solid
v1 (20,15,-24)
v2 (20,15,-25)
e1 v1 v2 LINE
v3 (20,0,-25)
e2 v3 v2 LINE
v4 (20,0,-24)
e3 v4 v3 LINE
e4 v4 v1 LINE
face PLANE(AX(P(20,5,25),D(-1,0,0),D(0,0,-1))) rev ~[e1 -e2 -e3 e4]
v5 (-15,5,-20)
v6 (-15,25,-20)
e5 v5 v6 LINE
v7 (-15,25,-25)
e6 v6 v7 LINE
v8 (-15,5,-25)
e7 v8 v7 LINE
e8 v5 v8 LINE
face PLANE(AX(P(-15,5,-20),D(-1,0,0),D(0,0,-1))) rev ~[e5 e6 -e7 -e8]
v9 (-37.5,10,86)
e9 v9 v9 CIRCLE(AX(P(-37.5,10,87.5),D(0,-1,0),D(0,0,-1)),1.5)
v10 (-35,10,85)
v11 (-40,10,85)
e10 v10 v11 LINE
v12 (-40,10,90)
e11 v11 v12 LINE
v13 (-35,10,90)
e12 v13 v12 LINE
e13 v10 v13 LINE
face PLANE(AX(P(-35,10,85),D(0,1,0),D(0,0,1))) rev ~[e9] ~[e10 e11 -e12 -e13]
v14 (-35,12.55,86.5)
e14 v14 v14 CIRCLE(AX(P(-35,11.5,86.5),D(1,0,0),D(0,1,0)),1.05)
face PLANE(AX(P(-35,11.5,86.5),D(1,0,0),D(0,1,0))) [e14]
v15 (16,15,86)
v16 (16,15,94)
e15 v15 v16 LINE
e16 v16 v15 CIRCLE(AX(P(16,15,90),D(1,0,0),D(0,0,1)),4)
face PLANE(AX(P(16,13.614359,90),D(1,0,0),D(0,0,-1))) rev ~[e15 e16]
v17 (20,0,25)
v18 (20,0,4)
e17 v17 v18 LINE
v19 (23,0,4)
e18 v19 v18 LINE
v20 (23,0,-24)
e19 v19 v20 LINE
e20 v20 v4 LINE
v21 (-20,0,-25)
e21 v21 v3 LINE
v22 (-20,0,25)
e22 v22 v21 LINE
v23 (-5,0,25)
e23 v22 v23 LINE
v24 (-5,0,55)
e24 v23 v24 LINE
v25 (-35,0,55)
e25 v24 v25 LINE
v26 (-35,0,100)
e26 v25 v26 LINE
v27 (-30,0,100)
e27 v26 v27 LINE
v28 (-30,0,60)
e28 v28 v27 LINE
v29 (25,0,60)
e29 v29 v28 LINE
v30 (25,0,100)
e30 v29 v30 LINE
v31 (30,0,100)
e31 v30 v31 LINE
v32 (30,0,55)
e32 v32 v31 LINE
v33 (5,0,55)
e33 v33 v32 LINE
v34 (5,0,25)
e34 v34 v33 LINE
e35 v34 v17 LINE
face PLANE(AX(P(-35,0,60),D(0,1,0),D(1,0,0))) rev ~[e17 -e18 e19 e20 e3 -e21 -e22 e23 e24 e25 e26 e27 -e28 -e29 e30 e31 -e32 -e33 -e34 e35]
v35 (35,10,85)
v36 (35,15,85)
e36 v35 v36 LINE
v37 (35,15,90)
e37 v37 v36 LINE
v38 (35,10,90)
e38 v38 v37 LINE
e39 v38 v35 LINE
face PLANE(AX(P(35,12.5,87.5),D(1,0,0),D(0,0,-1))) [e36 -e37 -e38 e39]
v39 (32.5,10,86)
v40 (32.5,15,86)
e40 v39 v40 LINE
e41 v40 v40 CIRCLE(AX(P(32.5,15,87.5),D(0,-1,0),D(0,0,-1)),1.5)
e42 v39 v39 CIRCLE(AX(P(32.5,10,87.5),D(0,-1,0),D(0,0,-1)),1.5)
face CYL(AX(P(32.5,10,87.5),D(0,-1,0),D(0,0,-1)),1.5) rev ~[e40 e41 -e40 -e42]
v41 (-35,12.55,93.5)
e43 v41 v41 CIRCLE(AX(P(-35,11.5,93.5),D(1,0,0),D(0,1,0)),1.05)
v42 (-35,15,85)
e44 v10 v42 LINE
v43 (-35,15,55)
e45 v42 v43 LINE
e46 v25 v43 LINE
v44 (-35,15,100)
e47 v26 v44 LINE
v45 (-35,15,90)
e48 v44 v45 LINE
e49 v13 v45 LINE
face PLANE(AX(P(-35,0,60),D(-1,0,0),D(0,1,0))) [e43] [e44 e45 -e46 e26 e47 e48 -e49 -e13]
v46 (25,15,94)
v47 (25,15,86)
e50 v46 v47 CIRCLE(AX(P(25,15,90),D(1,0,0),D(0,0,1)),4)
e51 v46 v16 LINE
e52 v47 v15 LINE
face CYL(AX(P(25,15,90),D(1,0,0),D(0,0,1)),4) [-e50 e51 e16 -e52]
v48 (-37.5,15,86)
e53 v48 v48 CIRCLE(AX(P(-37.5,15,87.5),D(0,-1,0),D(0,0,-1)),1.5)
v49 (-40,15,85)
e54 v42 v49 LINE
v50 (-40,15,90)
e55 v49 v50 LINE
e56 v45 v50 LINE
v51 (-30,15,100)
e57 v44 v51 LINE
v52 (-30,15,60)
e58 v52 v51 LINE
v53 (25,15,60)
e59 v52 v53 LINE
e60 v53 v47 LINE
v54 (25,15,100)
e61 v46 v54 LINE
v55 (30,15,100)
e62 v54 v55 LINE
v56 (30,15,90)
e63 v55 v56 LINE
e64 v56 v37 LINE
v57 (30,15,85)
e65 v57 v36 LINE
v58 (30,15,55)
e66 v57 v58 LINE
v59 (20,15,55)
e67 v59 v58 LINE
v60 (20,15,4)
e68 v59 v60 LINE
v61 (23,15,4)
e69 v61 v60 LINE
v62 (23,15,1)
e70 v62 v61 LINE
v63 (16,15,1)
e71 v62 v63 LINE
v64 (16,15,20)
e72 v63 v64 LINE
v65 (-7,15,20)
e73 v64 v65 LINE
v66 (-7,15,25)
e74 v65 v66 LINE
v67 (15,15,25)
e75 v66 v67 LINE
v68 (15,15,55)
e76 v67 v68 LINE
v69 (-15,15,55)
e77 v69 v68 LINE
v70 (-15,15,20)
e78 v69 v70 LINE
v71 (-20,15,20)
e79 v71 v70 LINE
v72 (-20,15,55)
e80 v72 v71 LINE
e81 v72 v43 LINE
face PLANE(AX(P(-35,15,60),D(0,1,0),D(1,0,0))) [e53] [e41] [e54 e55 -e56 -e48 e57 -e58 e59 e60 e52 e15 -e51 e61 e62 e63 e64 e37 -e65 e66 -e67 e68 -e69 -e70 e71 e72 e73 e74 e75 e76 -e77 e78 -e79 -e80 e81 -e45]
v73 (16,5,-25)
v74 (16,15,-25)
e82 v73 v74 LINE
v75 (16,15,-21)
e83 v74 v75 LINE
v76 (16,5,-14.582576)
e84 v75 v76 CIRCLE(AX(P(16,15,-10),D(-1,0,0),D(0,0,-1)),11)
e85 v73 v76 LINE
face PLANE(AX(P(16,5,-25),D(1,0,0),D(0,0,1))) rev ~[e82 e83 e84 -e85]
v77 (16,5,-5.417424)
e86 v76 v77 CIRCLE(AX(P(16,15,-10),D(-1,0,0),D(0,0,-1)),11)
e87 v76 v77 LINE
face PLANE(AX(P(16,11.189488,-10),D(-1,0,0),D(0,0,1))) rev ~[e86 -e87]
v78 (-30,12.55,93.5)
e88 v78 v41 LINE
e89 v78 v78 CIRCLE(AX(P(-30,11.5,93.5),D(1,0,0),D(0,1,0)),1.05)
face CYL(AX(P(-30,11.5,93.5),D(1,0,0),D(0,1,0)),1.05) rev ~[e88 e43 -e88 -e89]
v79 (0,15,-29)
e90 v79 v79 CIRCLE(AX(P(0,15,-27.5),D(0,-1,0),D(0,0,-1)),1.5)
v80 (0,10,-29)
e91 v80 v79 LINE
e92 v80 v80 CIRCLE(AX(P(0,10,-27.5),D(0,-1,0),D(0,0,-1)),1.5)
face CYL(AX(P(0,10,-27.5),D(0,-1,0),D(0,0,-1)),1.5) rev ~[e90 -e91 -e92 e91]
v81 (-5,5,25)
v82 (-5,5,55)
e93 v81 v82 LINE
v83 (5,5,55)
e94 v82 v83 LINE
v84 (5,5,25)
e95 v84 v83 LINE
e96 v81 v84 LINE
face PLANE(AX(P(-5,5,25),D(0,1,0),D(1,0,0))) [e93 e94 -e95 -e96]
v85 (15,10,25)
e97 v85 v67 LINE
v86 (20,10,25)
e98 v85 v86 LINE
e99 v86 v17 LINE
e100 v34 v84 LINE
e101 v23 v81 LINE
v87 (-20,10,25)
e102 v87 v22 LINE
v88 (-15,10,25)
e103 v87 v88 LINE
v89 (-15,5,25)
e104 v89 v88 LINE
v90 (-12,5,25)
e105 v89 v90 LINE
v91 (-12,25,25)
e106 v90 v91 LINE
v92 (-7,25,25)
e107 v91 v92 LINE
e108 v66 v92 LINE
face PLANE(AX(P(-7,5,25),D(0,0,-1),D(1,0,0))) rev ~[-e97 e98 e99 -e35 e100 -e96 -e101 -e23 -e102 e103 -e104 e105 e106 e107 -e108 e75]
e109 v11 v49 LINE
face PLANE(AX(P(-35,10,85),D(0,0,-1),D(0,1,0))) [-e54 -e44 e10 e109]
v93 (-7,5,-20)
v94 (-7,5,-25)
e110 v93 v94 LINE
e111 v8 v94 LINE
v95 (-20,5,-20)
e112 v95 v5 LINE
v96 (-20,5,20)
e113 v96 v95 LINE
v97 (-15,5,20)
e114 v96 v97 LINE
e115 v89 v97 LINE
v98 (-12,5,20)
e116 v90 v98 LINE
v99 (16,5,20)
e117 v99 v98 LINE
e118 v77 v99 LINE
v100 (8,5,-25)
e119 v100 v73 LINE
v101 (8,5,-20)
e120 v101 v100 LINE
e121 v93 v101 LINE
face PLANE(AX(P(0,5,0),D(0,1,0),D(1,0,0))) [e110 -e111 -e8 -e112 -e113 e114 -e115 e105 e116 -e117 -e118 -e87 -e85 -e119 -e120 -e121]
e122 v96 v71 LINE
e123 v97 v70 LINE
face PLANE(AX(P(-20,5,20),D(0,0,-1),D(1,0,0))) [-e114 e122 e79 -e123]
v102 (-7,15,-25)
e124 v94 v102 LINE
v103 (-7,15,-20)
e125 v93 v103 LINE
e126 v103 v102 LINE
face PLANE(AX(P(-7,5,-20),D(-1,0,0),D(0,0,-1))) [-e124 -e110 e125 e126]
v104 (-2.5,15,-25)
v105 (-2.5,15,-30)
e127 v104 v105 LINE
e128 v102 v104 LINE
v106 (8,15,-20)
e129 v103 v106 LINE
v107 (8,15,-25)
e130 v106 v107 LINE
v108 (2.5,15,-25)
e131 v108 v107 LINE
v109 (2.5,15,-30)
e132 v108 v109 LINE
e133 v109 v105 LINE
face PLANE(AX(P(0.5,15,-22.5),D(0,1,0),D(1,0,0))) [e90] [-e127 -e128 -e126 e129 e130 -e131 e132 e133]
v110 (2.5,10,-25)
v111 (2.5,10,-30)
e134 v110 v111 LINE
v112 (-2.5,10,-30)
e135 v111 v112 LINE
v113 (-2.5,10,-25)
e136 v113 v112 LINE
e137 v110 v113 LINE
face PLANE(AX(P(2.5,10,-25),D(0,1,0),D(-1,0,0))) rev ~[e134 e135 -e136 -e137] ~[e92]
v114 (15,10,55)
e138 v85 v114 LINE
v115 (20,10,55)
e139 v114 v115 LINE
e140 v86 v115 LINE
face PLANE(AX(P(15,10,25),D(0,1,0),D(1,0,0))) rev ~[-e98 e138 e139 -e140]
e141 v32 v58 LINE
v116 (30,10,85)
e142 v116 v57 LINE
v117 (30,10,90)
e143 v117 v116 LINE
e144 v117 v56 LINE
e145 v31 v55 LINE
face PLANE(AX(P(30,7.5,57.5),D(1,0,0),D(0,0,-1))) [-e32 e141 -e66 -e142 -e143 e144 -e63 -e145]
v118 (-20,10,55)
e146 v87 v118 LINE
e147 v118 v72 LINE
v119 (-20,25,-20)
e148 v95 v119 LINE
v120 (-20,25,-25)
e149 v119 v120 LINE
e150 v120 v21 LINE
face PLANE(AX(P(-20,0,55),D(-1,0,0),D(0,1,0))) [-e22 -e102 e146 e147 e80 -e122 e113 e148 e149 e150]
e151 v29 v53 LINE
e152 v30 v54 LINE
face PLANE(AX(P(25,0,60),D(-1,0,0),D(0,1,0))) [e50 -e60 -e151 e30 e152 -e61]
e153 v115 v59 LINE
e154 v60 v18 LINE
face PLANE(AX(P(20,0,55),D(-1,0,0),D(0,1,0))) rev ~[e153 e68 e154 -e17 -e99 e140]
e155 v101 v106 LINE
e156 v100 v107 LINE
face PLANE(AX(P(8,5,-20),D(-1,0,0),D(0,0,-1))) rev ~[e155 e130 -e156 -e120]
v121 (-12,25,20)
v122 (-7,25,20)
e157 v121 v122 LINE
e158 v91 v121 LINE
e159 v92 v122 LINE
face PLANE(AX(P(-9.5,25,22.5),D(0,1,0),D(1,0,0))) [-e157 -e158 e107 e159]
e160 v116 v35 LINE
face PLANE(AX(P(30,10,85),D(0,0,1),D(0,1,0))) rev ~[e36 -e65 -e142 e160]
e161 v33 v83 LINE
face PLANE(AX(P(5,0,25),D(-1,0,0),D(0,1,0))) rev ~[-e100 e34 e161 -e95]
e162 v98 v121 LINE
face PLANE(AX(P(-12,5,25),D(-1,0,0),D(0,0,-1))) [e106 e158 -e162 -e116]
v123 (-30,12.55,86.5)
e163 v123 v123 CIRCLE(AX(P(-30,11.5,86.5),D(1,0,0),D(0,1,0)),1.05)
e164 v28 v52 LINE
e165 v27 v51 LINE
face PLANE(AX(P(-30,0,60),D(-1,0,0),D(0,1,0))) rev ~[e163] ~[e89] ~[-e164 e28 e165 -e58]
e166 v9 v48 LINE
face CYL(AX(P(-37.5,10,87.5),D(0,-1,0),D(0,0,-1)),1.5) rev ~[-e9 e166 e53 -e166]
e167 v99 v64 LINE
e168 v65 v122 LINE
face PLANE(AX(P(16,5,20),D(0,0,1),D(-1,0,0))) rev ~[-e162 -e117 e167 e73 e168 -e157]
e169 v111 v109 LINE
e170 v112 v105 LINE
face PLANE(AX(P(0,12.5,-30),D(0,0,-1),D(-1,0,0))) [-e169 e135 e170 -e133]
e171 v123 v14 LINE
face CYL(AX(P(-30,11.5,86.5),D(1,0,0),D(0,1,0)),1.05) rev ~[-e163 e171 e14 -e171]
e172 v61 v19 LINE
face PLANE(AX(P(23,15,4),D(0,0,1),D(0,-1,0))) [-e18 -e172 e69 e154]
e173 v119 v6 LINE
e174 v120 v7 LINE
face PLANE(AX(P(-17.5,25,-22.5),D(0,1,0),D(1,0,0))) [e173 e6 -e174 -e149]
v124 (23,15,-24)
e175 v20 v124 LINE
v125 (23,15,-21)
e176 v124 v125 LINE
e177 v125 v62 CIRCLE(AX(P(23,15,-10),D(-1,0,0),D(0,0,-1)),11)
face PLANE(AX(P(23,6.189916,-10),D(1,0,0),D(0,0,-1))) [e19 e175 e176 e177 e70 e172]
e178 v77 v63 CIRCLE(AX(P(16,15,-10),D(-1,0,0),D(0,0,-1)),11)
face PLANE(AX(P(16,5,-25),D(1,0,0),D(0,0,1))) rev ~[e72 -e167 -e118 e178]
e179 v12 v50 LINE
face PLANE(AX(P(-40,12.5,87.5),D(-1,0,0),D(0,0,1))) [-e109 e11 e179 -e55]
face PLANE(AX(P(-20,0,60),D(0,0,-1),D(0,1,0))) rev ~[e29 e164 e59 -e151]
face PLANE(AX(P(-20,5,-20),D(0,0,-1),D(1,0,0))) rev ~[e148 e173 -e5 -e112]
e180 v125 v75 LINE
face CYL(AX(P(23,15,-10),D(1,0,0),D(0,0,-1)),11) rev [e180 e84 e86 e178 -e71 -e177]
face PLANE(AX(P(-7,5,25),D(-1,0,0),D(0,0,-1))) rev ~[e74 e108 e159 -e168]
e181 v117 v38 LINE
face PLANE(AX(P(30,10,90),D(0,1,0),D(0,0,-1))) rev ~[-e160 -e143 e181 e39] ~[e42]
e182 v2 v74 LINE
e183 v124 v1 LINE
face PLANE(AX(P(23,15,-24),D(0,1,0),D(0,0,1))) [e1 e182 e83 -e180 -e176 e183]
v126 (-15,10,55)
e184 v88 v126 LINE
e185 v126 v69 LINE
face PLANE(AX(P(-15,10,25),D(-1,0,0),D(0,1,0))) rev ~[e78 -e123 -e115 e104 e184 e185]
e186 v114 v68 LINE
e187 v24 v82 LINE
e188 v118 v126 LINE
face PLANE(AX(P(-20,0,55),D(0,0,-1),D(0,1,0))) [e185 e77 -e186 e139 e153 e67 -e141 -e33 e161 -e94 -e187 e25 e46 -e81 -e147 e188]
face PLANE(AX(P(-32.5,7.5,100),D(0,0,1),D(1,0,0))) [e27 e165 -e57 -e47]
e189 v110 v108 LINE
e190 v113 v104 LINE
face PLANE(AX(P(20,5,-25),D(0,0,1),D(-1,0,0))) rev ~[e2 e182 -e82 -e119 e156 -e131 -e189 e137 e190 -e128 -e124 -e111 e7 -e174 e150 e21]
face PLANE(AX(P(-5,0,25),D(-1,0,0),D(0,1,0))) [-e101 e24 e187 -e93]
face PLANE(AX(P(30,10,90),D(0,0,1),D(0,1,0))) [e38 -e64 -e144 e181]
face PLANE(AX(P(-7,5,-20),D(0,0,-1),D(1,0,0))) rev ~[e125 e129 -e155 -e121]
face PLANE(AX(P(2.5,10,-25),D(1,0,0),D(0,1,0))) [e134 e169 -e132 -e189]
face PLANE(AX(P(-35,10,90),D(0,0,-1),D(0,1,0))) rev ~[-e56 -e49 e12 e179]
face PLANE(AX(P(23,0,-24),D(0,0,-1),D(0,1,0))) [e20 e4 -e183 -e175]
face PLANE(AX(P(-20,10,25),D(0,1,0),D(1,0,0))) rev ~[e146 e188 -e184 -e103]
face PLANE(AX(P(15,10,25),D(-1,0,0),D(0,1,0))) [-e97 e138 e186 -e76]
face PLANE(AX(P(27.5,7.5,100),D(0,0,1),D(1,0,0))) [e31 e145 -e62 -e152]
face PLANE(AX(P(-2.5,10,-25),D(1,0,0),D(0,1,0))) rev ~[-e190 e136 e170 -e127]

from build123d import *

# Parameters (mm, degrees)
SKETCH1_W            = 40
SKETCH1_H            = 50
BOSS_EXTRUDE1_DEPTH  = 5
SKETCH4_W            = 5
SKETCH4_H            = 5
BOSS_EXTRUDE4_DEPTH  = 20
SKETCH4_4_W          = 5
SKETCH4_4_H          = 5
SKETCH4_4_W_2        = 15
BOSS_EXTRUDE5_DEPTH  = 10
CUT_EXTRUDE2_DEPTH   = 4
BOSS_EXTRUDE7_START  = 3
BOSS_EXTRUDE7_DEPTH  = 3
SKETCH10_W           = 5
SKETCH10_H           = 5
BOSS_EXTRUDE9_DEPTH  = 5
SKETCH11_R           = 1.5
CUT_EXTRUDE3_DEPTH   = 5
SKETCH12_W           = 5
SKETCH12_H           = 5
SKETCH12_W_2         = 10
BOSS_EXTRUDE10_DEPTH = 30
SKETCH13_W           = 40
SKETCH13_H           = 15
BOSS_EXTRUDE11_DEPTH = 5
SKETCH14_W           = 5
SKETCH14_H           = 15
BOSS_EXTRUDE12_DEPTH = 10
SKETCH15_W           = 5
SKETCH15_H           = 15
BOSS_EXTRUDE13_DEPTH = 15
SKETCH16_W           = 5
SKETCH16_H           = 15
BOSS_EXTRUDE14_DEPTH = 40
BOSS_EXTRUDE15_DEPTH = 9
SKETCH18_W           = 5
SKETCH18_H           = 5
BOSS_EXTRUDE16_DEPTH = 5
SKETCH19_R           = 1.5
CUT_EXTRUDE4_DEPTH   = 5
SKETCH20_W           = 5
SKETCH20_H           = 5
BOSS_EXTRUDE17_DEPTH = 5
SKETCH21_R           = 1.5
CUT_EXTRUDE5_DEPTH   = 5
SKETCH24_R           = 1.05
CUT_EXTRUDE6_DEPTH   = 5


with BuildPart() as part:
    # Sketch1 → Boss-Extrude1 (new body)
    with BuildSketch(Plane(origin=(0, 0, 0), x_dir=(1, 0, 0), z_dir=(0, 1, 0))):
        Rectangle(SKETCH1_W, SKETCH1_H)
    extrude(amount=BOSS_EXTRUDE1_DEPTH)

    # Sketch4 → Boss-Extrude4 (add)
    with BuildSketch(Plane(origin=(0, 5, 0), x_dir=(1, 0, 0), z_dir=(0, 1, 0))):
        with Locations((-9.5, -22.5)):
            Rectangle(SKETCH4_W, SKETCH4_H)
        with Locations((-17.5, 22.5)):
            Rectangle(SKETCH4_W, SKETCH4_H)
    extrude(amount=BOSS_EXTRUDE4_DEPTH)

    # Sketch4<4> → Boss-Extrude5 (add)
    with BuildSketch(Plane(origin=(0, 5, 0), x_dir=(1, 0, 0), z_dir=(0, 1, 0))):
        Polygon((20, -25), (20, 25), (16, 25), (16, -20), (-7, -20), (-7, -25), align=None)
        with Locations((-17.5, -22.5)):
            Rectangle(SKETCH4_4_W, SKETCH4_4_H)
        with Locations((0.5, 22.5)):
            Rectangle(SKETCH4_4_W_2, SKETCH4_4_H)
    extrude(amount=BOSS_EXTRUDE5_DEPTH)

    # Sketch7 → Cut-Extrude2 (cut)
    with BuildSketch(Plane(origin=(20, 0, 0), x_dir=(0, 0, -1), z_dir=(1, 0, 0))):
        with BuildLine():
            Line((-1, 15), (21, 15))
            ThreePointArc((21, 15), (10, 4), (-1, 15))
        make_face()
    extrude(amount=-CUT_EXTRUDE2_DEPTH, mode=Mode.SUBTRACT)

    # Sketch8 → Boss-Extrude7 (add)
    with BuildSketch(Plane(origin=(20, 0, 0), x_dir=(0, 0, -1), z_dir=(1, 0, 0)).offset(BOSS_EXTRUDE7_START)):
        with BuildLine():
            Line((-1, 15), (-4, 15))
            Line((-4, 15), (-4, 0))
            Line((-4, 0), (24, 0))
            Line((24, 0), (24, 15))
            Line((24, 15), (21, 15))
            ThreePointArc((21, 15), (10, 4), (-1, 15))
        make_face()
    extrude(amount=-BOSS_EXTRUDE7_DEPTH)

    # Sketch10 → Boss-Extrude9 (add)
    with BuildSketch(Plane(origin=(0, 0, -25), x_dir=(-1, 0, 0), z_dir=(0, 0, -1))):
        with Locations((0, 12.5)):
            Rectangle(SKETCH10_W, SKETCH10_H)
    extrude(amount=BOSS_EXTRUDE9_DEPTH)

    # Sketch11 → Cut-Extrude3 (cut)
    with BuildSketch(Plane.XZ.offset(-10)):
        with Locations((0, -27.5)):
            Circle(SKETCH11_R)
    extrude(amount=-CUT_EXTRUDE3_DEPTH, mode=Mode.SUBTRACT)

    # Sketch12 → Boss-Extrude10 (add)
    with BuildSketch(Plane.XY.offset(25)):
        with Locations((-17.5, 12.5)):
            Rectangle(SKETCH12_W, SKETCH12_H)
        with Locations((17.5, 12.5)):
            Rectangle(SKETCH12_W, SKETCH12_H)
        with Locations((0, 2.5)):
            Rectangle(SKETCH12_W_2, SKETCH12_H)
    extrude(amount=BOSS_EXTRUDE10_DEPTH)

    # Sketch13 → Boss-Extrude11 (add)
    with BuildSketch(Plane.XY.offset(55)):
        with Locations((0, 7.5)):
            Rectangle(SKETCH13_W, SKETCH13_H)
    extrude(amount=BOSS_EXTRUDE11_DEPTH)

    # Sketch14 → Boss-Extrude12 (add)
    with BuildSketch(Plane(origin=(20, 0, 0), x_dir=(0, 0, -1), z_dir=(1, 0, 0))):
        with Locations((-57.5, 7.5)):
            Rectangle(SKETCH14_W, SKETCH14_H)
    extrude(amount=BOSS_EXTRUDE12_DEPTH)

    # Sketch15 → Boss-Extrude13 (add)
    with BuildSketch(Plane.ZY.offset(20)):
        with Locations((57.5, 7.5)):
            Rectangle(SKETCH15_W, SKETCH15_H)
    extrude(amount=BOSS_EXTRUDE13_DEPTH)

    # Sketch16 → Boss-Extrude14 (add)
    with BuildSketch(Plane.XY.offset(60)):
        with Locations((-32.5, 7.5)):
            Rectangle(SKETCH16_W, SKETCH16_H)
        with Locations((27.5, 7.5)):
            Rectangle(SKETCH16_W, SKETCH16_H)
    extrude(amount=BOSS_EXTRUDE14_DEPTH)

    # Sketch17 → Boss-Extrude15 (add)
    with BuildSketch(Plane.ZY.offset(-25)):
        with BuildLine():
            Line((86, 15), (94, 15))
            ThreePointArc((94, 15), (90, 11), (86, 15))
        make_face()
    extrude(amount=BOSS_EXTRUDE15_DEPTH)

    # Sketch18 → Boss-Extrude16 (add)
    with BuildSketch(Plane.ZY.offset(35)):
        with Locations((87.5, 12.5)):
            Rectangle(SKETCH18_W, SKETCH18_H)
    extrude(amount=BOSS_EXTRUDE16_DEPTH)

    # Sketch19 → Cut-Extrude4 (cut)
    with BuildSketch(Plane.XZ.offset(-10)):
        with Locations((-37.5, 87.5)):
            Circle(SKETCH19_R)
    extrude(amount=-CUT_EXTRUDE4_DEPTH, mode=Mode.SUBTRACT)

    # Sketch20 → Boss-Extrude17 (add)
    with BuildSketch(Plane(origin=(30, 0, 0), x_dir=(0, 0, -1), z_dir=(1, 0, 0))):
        with Locations((-87.5, 12.5)):
            Rectangle(SKETCH20_W, SKETCH20_H)
    extrude(amount=BOSS_EXTRUDE17_DEPTH)

    # Sketch21 → Cut-Extrude5 (cut)
    with BuildSketch(Plane.XZ.offset(-10)):
        with Locations((32.5, 87.5)):
            Circle(SKETCH21_R)
    extrude(amount=-CUT_EXTRUDE5_DEPTH, mode=Mode.SUBTRACT)

    # Sketch24 → Cut-Extrude6 (cut)
    with BuildSketch(Plane(origin=(-30, 0, 0), x_dir=(0, 0, -1), z_dir=(1, 0, 0))):
        with Locations((-93.5, 11.5)):
            Circle(SKETCH24_R)
        with Locations((-86.5, 11.5)):
            Circle(SKETCH24_R)
    extrude(amount=-CUT_EXTRUDE6_DEPTH, mode=Mode.SUBTRACT)


solid = part.part
